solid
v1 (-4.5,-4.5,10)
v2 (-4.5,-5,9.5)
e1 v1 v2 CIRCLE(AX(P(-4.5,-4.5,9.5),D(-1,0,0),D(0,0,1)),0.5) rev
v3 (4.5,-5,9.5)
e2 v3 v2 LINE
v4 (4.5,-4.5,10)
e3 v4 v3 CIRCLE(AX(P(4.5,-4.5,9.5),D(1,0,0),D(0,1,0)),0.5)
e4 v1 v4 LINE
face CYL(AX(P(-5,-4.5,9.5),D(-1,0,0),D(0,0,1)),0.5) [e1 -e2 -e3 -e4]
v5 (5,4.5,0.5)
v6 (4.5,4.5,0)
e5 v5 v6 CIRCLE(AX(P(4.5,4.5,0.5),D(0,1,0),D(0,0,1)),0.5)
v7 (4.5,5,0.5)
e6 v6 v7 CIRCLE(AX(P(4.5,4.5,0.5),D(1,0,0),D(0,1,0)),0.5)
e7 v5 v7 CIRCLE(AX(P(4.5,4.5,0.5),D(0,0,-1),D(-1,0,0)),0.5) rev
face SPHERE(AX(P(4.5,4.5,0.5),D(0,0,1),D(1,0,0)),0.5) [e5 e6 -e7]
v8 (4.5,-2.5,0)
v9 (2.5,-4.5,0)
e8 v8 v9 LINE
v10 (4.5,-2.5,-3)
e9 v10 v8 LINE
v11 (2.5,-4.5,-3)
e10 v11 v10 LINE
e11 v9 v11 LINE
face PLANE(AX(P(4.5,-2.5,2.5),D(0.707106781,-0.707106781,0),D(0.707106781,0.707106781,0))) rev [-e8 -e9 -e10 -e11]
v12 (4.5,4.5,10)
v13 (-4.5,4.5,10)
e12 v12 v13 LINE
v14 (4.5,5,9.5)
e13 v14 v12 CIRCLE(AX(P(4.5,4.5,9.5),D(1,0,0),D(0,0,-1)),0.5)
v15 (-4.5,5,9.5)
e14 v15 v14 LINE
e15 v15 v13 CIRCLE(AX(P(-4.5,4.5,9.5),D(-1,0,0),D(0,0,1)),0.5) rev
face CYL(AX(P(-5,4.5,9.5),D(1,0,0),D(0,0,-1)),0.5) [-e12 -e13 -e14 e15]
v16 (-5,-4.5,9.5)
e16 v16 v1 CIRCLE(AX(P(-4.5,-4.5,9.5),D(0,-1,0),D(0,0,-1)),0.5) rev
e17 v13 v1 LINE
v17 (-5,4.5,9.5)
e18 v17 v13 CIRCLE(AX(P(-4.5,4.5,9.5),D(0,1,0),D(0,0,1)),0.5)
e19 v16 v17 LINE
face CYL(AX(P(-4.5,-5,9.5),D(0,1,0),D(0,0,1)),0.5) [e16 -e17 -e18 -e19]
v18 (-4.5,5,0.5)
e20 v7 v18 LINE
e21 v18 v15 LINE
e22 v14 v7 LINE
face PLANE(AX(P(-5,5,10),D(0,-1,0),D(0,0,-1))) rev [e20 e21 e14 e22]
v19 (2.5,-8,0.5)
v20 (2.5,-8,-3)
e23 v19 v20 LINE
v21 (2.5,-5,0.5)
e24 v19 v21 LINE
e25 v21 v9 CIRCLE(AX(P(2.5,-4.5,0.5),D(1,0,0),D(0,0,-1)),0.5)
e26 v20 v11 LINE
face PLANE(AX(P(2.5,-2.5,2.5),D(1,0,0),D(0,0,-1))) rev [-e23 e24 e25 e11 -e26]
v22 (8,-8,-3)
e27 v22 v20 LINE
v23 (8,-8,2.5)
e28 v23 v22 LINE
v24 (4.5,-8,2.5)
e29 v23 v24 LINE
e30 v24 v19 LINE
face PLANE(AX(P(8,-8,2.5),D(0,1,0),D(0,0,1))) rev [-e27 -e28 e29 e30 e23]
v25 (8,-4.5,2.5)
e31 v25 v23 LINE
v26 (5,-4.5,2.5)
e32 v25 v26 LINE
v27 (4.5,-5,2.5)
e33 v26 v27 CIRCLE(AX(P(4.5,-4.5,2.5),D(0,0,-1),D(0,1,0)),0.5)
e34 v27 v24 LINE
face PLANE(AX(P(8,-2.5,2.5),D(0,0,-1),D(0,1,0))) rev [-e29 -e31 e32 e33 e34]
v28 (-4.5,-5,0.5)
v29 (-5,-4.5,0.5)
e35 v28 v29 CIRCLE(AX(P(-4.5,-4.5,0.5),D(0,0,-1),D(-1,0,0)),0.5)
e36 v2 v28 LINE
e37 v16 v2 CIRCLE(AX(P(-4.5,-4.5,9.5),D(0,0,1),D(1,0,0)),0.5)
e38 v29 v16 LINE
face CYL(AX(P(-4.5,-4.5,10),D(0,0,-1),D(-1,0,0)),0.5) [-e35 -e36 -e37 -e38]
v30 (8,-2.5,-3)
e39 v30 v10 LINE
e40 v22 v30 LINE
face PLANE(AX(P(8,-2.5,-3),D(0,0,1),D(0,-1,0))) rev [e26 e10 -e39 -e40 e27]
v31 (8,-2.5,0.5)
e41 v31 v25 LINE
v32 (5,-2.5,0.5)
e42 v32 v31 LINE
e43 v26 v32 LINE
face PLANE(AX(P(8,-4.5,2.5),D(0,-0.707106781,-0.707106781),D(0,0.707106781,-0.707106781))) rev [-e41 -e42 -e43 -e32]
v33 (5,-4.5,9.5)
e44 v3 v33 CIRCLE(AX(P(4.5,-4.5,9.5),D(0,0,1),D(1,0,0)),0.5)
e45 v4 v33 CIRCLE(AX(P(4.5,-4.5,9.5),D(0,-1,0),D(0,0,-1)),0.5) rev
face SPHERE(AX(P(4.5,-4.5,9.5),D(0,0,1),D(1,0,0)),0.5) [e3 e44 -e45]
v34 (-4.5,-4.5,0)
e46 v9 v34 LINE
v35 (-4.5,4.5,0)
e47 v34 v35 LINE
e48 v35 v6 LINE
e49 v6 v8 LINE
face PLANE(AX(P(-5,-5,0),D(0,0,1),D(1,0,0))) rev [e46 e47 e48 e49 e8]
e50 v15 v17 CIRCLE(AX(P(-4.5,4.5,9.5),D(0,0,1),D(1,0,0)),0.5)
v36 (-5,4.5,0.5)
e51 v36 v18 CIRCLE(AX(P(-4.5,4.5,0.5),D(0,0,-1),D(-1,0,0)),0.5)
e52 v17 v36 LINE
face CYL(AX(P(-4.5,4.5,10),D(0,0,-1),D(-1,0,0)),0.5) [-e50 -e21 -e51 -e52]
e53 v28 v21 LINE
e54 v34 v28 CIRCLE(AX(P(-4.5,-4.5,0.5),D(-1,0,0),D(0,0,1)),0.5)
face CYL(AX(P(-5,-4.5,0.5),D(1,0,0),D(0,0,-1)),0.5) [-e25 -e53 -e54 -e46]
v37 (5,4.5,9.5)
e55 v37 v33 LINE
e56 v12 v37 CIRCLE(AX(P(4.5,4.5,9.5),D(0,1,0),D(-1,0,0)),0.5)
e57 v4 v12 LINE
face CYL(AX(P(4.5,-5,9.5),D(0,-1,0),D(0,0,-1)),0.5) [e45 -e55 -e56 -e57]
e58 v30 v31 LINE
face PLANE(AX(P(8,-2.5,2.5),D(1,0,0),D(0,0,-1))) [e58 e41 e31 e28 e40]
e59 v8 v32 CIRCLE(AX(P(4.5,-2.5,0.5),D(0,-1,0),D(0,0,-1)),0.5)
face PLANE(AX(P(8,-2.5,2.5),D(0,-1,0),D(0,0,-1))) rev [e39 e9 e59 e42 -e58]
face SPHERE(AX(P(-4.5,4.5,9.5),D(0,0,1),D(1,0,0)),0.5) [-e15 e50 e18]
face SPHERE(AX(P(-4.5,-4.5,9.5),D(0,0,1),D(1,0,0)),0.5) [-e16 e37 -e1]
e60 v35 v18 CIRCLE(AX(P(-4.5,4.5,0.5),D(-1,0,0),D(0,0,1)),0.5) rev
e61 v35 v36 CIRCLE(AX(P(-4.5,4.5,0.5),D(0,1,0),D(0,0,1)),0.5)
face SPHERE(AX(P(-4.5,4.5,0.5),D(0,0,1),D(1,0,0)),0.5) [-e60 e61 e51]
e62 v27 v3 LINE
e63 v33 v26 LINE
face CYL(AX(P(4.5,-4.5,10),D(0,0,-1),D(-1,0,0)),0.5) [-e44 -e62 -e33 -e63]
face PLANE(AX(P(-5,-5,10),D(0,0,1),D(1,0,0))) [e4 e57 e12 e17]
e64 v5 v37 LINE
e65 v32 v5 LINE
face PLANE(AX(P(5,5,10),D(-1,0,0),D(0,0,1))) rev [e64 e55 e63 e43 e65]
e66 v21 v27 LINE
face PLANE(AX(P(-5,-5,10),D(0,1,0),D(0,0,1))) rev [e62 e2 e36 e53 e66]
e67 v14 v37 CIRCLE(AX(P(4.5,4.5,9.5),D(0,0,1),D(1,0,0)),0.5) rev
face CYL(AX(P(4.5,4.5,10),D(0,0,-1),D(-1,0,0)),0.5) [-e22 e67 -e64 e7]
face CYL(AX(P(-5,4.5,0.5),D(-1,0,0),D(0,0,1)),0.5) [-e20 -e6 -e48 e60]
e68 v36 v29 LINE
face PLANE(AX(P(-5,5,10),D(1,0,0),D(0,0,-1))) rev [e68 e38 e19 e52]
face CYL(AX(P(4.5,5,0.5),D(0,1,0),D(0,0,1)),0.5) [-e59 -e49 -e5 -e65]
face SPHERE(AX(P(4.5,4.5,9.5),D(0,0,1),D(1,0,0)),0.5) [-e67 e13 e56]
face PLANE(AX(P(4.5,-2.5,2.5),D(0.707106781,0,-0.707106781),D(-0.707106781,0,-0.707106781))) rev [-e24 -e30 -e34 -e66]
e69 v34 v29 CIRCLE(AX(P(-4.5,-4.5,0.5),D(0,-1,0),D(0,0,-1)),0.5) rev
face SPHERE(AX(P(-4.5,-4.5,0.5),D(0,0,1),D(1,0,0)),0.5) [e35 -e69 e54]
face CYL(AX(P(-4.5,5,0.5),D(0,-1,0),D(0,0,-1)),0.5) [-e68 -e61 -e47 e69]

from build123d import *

# Parameters (mm, degrees)
SKETCH1_W                = 10
SKETCH1_H                = 10
BASE_EXTRUDE_DEPTH       = 10
BOSS_EXTRUDE1_DEPTH      = 5
BOSS_EXTRUDE1_DEPTH_BACK = 0.5
SKETCH3_W                = 5.5
SKETCH3_H                = 5.5
FILLET2_R                = 0.5
CHAMFER4_SIZE            = 2


with BuildPart() as part:
    # Sketch1 → Base-Extrude (new body)
    with BuildSketch(Plane.XY):
        Rectangle(SKETCH1_W, SKETCH1_H)
    extrude(amount=BASE_EXTRUDE_DEPTH)

    # Sketch3 → Boss-Extrude1 (add, two sides: drawn at the far end of the back side and taken through both)
    with BuildSketch(Plane(origin=(3, 0, 0), x_dir=(0, 0, -1), z_dir=(1, 0, 0)).offset(-BOSS_EXTRUDE1_DEPTH_BACK)):
        with Locations((0.25, -5.25)):
            Rectangle(SKETCH3_W, SKETCH3_H)
    extrude(amount=BOSS_EXTRUDE1_DEPTH + BOSS_EXTRUDE1_DEPTH_BACK)

    # Fillet2
    fillet2_edges = [part.edges().sort_by_distance(p)[0] for p in [
        (-5, 5, 5),
        (5, 5, 5),
        (0, 5, 0),
        (0, 5, 10),
        (-5, -5, 5),
        (-5, 0, 0),
        (-5, 0, 10),
        (5, 1.25, 0),
        (5, -5, 6.25),
        (5, 0, 10),
        (-1.25, -5, 0),
        (0, -5, 10),
    ]]
    fillet(fillet2_edges, radius=FILLET2_R)

    # Chamfer4
    chamfer4_edges = [part.edges().sort_by_distance(p)[0] for p in [
        (2.5, -2.5, -1.5),
        (2.5, -6.5, 2.5),
        (6.5, -2.5, 2.5),
    ]]
    chamfer(chamfer4_edges, length=CHAMFER4_SIZE)


solid = part.part
